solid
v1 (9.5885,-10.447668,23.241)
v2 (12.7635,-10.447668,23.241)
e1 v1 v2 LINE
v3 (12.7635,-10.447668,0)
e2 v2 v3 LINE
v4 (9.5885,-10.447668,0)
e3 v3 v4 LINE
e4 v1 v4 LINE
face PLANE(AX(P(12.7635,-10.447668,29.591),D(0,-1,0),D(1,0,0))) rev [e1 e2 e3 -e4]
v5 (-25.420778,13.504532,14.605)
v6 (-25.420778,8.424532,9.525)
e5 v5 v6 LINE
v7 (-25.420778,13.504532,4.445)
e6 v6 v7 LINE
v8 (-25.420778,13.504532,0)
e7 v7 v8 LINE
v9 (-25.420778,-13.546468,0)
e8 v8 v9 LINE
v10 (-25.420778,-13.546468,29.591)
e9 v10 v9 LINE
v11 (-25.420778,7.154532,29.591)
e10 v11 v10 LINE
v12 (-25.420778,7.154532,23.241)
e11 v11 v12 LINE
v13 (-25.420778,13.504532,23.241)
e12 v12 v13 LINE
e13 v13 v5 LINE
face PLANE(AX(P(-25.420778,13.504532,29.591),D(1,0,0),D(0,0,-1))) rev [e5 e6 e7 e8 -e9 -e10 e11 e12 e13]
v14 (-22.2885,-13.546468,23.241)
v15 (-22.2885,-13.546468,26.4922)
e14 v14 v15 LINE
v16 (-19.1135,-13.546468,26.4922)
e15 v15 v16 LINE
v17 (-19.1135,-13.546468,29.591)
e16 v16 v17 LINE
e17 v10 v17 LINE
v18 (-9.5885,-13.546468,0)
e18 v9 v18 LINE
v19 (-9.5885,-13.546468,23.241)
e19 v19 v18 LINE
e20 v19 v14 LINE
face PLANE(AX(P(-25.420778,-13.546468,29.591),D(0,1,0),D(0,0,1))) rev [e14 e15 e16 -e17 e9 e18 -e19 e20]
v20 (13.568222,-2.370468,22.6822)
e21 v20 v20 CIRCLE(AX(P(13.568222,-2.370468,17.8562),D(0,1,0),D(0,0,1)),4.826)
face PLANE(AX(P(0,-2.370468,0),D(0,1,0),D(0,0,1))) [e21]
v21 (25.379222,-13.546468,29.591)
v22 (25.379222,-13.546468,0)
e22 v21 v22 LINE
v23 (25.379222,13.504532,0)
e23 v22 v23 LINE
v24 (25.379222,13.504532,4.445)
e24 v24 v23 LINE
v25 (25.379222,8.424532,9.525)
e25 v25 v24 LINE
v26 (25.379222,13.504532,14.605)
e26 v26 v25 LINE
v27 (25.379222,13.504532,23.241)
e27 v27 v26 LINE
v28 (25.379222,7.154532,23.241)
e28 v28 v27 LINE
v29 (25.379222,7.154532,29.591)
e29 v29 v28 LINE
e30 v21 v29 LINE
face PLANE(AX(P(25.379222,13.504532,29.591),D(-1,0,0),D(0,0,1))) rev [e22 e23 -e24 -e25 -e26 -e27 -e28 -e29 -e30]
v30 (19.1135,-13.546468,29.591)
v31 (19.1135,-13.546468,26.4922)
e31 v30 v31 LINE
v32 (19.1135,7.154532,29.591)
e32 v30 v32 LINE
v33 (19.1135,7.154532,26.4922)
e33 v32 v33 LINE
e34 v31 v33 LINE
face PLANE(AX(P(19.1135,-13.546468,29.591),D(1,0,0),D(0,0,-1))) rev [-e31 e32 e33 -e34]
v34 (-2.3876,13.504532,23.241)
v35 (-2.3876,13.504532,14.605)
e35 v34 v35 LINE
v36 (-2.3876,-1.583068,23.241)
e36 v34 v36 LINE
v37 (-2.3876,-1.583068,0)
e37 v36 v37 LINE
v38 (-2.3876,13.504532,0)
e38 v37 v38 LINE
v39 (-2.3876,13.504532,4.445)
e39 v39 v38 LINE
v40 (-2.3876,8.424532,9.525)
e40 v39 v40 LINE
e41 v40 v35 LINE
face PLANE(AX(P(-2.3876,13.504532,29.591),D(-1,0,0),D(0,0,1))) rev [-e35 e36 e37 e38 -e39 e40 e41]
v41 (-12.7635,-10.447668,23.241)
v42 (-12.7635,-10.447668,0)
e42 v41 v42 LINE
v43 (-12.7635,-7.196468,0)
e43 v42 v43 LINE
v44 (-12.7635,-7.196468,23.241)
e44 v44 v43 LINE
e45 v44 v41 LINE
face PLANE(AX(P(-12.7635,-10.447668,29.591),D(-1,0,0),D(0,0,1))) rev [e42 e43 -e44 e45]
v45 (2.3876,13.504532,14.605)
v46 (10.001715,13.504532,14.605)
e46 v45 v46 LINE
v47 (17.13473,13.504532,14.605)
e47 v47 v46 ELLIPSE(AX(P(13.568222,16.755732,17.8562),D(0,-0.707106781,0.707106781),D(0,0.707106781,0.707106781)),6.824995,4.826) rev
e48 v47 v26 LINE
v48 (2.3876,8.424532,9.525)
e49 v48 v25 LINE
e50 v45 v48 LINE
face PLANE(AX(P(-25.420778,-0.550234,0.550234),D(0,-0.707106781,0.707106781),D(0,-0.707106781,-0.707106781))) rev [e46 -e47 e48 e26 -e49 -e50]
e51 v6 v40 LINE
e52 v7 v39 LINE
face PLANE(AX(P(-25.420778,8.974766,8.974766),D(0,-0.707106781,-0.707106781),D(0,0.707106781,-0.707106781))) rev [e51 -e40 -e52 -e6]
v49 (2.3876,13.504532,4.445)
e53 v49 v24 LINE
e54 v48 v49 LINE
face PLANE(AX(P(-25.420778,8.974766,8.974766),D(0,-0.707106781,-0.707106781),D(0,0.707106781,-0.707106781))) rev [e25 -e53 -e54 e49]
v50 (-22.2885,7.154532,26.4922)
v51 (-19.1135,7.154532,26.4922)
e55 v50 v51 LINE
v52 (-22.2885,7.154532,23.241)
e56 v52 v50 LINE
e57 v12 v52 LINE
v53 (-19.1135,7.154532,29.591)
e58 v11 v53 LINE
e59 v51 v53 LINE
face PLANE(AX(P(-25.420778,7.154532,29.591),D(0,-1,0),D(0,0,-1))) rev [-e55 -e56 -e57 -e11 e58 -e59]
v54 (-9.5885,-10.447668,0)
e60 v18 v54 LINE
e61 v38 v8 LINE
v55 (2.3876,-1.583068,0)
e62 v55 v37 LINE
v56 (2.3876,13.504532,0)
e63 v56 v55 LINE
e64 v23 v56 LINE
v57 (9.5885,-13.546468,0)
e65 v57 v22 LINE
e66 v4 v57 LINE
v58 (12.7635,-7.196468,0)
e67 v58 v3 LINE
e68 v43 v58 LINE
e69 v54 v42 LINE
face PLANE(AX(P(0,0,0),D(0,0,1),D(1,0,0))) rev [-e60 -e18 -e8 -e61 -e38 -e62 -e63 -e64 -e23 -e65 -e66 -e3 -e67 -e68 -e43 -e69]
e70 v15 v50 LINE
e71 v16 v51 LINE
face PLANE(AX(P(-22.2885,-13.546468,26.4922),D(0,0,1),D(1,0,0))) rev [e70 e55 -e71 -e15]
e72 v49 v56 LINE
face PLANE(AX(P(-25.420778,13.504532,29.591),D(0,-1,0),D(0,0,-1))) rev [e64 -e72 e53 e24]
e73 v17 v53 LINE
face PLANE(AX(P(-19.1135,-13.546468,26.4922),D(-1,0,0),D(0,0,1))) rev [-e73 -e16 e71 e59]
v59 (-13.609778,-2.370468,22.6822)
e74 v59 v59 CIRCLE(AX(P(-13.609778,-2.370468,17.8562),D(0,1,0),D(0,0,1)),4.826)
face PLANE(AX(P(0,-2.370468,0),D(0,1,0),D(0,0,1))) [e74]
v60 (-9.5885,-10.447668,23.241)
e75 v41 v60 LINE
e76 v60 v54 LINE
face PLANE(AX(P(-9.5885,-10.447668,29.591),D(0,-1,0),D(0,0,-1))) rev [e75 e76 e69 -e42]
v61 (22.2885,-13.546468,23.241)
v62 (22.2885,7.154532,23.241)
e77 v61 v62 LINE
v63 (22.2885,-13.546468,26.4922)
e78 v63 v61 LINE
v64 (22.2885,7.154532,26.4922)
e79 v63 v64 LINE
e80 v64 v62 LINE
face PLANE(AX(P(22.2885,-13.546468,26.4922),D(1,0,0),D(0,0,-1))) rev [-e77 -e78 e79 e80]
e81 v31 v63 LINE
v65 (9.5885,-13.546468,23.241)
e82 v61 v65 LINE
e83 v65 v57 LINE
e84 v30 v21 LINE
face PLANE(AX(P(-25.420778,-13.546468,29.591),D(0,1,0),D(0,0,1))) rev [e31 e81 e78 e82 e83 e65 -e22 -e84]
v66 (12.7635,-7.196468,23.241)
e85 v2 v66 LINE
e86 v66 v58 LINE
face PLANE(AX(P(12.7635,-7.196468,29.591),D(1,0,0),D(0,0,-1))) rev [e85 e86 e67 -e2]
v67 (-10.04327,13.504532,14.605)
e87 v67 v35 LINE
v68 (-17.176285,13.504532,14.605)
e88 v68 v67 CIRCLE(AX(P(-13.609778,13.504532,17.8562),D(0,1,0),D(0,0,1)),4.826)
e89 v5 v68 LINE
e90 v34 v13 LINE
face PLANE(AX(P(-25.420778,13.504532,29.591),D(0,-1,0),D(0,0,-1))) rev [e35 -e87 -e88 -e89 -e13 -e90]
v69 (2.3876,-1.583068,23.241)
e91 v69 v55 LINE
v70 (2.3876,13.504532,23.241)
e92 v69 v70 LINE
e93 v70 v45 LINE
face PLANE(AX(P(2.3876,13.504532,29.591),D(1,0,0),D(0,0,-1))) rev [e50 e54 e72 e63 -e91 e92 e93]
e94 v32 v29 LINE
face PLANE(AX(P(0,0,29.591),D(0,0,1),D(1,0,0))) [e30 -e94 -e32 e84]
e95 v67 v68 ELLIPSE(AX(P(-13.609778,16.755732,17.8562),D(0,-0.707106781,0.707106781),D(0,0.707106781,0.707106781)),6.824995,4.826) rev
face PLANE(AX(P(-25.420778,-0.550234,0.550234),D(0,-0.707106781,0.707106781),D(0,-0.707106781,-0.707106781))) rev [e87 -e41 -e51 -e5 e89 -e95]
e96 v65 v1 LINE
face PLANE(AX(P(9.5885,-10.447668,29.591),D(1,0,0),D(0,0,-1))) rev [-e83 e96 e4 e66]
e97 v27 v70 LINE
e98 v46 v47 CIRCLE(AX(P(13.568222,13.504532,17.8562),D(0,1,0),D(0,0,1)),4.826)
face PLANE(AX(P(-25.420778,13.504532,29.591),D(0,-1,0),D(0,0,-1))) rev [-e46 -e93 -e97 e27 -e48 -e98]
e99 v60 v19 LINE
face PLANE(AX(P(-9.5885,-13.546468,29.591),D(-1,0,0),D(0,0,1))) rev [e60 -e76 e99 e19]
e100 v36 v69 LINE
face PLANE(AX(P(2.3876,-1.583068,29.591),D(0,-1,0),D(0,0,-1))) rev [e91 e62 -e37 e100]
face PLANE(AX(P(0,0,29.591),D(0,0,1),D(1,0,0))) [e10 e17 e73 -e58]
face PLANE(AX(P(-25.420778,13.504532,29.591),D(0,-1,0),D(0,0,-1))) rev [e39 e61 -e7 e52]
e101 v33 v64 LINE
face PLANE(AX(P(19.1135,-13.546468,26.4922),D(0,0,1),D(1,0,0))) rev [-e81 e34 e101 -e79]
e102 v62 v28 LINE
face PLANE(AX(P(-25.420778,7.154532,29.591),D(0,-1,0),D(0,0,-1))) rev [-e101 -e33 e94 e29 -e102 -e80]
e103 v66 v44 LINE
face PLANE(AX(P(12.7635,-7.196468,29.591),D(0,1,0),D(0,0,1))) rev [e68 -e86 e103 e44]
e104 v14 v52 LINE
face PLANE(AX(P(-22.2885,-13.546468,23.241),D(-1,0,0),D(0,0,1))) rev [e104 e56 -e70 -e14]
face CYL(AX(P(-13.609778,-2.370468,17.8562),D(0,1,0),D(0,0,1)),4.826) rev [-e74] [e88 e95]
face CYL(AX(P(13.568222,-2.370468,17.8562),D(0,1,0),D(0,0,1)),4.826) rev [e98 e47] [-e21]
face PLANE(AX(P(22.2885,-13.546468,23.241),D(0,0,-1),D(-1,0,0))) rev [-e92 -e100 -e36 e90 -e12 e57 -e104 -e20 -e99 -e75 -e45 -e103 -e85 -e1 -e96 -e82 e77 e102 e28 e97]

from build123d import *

# Parameters (mm, degrees)
CROQUIS1_W              = 50.8
CROQUIS1_H              = 27.051
SALIENTE_EXTRUIR1_DEPTH = 29.591
CORTAR_EXTRUIR1_DEPTH   = 42.295883595
CROQUIS8_W              = 4.7752
CROQUIS8_H              = 15.0876
CORTAR_EXTRUIR2_DEPTH   = 42.295883595
CORTAR_EXTRUIR3_DEPTH   = 48.472095113
CROQUIS12_R             = 4.826
CORTAR_EXTRUIR4_DEPTH   = 15.875
CROQUIS13_W             = 6.35
CROQUIS13_H             = 6.35
CORTAR_EXTRUIR5_DEPTH   = 61.330540106
CORTAR_EXTRUIR6_DEPTH   = 61.330540106


with BuildPart() as part:
    # Croquis1 → Saliente-Extruir1 (new body)
    with BuildSketch(Plane.XY):
        with Locations((-0.020777573, -0.020967748)):
            Rectangle(CROQUIS1_W, CROQUIS1_H)
    extrude(amount=SALIENTE_EXTRUIR1_DEPTH)

    # Croquis7 → Cortar-Extruir1 (cut, through all)
    with BuildSketch(Plane(origin=(0, 0, 0), x_dir=(-1, 0, 0), z_dir=(0, 0, -1))):
        Polygon((-12.7635, -7.196467748), (12.7635, -7.196467748), (12.7635, -10.447667748), (9.5885, -10.447667748), (9.5885, -13.546467748), (-9.5885, -13.546467748), (-9.5885, -10.447667748), (-12.7635, -10.447667748), align=None)
    extrude(amount=-CORTAR_EXTRUIR1_DEPTH, mode=Mode.SUBTRACT)

    # Croquis8 → Cortar-Extruir2 (cut, through all)
    with BuildSketch(Plane(origin=(0, 0, 0), x_dir=(-1, 0, 0), z_dir=(0, 0, -1))):
        with Locations((0, 5.960732252)):
            Rectangle(CROQUIS8_W, CROQUIS8_H)
    extrude(amount=-CORTAR_EXTRUIR2_DEPTH, mode=Mode.SUBTRACT)

    # Croquis9 → Cortar-Extruir3 (cut, through all)
    with BuildSketch(Plane(origin=(0, 13.504532252, 0), x_dir=(1, 0, 0), z_dir=(0, 1, 0))):
        Polygon((-19.1135, -29.591), (19.1135, -29.591), (19.1135, -26.4922), (22.2885, -26.4922), (22.2885, -23.241), (-22.2885, -23.241), (-22.2885, -26.4922), (-19.1135, -26.4922), align=None)
    extrude(amount=-CORTAR_EXTRUIR3_DEPTH, mode=Mode.SUBTRACT)

    # Croquis12 → Cortar-Extruir4 (cut)
    with BuildSketch(Plane(origin=(0, 13.504532252, 0), x_dir=(1, 0, 0), z_dir=(0, 1, 0))):
        with Locations(Location((-13.609777573, -17.8562, 0), (0, 0, 270))):
            Circle(CROQUIS12_R)
        with Locations(Location((13.568222427, -17.8562, 0), (0, 0, 270))):
            Circle(CROQUIS12_R)
    extrude(amount=-CORTAR_EXTRUIR4_DEPTH, mode=Mode.SUBTRACT)

    # Croquis13 → Cortar-Extruir5 (cut, through all)
    with BuildSketch(Plane(origin=(25.379222427, 0, 0), x_dir=(0, 0, -1), z_dir=(1, 0, 0))):
        with Locations((-26.416, 10.329532252)):
            Rectangle(CROQUIS13_W, CROQUIS13_H)
    extrude(amount=-CORTAR_EXTRUIR5_DEPTH, mode=Mode.SUBTRACT)

    # Croquis14 → Cortar-Extruir6 (cut, through all)
    with BuildSketch(Plane(origin=(25.379222427, 0, 0), x_dir=(0, 0, -1), z_dir=(1, 0, 0))):
        Polygon((-9.525, 8.424532252), (-4.445, 13.504532252), (-14.605, 13.504532252), align=None)
    extrude(amount=-CORTAR_EXTRUIR6_DEPTH, mode=Mode.SUBTRACT)


solid = part.part
